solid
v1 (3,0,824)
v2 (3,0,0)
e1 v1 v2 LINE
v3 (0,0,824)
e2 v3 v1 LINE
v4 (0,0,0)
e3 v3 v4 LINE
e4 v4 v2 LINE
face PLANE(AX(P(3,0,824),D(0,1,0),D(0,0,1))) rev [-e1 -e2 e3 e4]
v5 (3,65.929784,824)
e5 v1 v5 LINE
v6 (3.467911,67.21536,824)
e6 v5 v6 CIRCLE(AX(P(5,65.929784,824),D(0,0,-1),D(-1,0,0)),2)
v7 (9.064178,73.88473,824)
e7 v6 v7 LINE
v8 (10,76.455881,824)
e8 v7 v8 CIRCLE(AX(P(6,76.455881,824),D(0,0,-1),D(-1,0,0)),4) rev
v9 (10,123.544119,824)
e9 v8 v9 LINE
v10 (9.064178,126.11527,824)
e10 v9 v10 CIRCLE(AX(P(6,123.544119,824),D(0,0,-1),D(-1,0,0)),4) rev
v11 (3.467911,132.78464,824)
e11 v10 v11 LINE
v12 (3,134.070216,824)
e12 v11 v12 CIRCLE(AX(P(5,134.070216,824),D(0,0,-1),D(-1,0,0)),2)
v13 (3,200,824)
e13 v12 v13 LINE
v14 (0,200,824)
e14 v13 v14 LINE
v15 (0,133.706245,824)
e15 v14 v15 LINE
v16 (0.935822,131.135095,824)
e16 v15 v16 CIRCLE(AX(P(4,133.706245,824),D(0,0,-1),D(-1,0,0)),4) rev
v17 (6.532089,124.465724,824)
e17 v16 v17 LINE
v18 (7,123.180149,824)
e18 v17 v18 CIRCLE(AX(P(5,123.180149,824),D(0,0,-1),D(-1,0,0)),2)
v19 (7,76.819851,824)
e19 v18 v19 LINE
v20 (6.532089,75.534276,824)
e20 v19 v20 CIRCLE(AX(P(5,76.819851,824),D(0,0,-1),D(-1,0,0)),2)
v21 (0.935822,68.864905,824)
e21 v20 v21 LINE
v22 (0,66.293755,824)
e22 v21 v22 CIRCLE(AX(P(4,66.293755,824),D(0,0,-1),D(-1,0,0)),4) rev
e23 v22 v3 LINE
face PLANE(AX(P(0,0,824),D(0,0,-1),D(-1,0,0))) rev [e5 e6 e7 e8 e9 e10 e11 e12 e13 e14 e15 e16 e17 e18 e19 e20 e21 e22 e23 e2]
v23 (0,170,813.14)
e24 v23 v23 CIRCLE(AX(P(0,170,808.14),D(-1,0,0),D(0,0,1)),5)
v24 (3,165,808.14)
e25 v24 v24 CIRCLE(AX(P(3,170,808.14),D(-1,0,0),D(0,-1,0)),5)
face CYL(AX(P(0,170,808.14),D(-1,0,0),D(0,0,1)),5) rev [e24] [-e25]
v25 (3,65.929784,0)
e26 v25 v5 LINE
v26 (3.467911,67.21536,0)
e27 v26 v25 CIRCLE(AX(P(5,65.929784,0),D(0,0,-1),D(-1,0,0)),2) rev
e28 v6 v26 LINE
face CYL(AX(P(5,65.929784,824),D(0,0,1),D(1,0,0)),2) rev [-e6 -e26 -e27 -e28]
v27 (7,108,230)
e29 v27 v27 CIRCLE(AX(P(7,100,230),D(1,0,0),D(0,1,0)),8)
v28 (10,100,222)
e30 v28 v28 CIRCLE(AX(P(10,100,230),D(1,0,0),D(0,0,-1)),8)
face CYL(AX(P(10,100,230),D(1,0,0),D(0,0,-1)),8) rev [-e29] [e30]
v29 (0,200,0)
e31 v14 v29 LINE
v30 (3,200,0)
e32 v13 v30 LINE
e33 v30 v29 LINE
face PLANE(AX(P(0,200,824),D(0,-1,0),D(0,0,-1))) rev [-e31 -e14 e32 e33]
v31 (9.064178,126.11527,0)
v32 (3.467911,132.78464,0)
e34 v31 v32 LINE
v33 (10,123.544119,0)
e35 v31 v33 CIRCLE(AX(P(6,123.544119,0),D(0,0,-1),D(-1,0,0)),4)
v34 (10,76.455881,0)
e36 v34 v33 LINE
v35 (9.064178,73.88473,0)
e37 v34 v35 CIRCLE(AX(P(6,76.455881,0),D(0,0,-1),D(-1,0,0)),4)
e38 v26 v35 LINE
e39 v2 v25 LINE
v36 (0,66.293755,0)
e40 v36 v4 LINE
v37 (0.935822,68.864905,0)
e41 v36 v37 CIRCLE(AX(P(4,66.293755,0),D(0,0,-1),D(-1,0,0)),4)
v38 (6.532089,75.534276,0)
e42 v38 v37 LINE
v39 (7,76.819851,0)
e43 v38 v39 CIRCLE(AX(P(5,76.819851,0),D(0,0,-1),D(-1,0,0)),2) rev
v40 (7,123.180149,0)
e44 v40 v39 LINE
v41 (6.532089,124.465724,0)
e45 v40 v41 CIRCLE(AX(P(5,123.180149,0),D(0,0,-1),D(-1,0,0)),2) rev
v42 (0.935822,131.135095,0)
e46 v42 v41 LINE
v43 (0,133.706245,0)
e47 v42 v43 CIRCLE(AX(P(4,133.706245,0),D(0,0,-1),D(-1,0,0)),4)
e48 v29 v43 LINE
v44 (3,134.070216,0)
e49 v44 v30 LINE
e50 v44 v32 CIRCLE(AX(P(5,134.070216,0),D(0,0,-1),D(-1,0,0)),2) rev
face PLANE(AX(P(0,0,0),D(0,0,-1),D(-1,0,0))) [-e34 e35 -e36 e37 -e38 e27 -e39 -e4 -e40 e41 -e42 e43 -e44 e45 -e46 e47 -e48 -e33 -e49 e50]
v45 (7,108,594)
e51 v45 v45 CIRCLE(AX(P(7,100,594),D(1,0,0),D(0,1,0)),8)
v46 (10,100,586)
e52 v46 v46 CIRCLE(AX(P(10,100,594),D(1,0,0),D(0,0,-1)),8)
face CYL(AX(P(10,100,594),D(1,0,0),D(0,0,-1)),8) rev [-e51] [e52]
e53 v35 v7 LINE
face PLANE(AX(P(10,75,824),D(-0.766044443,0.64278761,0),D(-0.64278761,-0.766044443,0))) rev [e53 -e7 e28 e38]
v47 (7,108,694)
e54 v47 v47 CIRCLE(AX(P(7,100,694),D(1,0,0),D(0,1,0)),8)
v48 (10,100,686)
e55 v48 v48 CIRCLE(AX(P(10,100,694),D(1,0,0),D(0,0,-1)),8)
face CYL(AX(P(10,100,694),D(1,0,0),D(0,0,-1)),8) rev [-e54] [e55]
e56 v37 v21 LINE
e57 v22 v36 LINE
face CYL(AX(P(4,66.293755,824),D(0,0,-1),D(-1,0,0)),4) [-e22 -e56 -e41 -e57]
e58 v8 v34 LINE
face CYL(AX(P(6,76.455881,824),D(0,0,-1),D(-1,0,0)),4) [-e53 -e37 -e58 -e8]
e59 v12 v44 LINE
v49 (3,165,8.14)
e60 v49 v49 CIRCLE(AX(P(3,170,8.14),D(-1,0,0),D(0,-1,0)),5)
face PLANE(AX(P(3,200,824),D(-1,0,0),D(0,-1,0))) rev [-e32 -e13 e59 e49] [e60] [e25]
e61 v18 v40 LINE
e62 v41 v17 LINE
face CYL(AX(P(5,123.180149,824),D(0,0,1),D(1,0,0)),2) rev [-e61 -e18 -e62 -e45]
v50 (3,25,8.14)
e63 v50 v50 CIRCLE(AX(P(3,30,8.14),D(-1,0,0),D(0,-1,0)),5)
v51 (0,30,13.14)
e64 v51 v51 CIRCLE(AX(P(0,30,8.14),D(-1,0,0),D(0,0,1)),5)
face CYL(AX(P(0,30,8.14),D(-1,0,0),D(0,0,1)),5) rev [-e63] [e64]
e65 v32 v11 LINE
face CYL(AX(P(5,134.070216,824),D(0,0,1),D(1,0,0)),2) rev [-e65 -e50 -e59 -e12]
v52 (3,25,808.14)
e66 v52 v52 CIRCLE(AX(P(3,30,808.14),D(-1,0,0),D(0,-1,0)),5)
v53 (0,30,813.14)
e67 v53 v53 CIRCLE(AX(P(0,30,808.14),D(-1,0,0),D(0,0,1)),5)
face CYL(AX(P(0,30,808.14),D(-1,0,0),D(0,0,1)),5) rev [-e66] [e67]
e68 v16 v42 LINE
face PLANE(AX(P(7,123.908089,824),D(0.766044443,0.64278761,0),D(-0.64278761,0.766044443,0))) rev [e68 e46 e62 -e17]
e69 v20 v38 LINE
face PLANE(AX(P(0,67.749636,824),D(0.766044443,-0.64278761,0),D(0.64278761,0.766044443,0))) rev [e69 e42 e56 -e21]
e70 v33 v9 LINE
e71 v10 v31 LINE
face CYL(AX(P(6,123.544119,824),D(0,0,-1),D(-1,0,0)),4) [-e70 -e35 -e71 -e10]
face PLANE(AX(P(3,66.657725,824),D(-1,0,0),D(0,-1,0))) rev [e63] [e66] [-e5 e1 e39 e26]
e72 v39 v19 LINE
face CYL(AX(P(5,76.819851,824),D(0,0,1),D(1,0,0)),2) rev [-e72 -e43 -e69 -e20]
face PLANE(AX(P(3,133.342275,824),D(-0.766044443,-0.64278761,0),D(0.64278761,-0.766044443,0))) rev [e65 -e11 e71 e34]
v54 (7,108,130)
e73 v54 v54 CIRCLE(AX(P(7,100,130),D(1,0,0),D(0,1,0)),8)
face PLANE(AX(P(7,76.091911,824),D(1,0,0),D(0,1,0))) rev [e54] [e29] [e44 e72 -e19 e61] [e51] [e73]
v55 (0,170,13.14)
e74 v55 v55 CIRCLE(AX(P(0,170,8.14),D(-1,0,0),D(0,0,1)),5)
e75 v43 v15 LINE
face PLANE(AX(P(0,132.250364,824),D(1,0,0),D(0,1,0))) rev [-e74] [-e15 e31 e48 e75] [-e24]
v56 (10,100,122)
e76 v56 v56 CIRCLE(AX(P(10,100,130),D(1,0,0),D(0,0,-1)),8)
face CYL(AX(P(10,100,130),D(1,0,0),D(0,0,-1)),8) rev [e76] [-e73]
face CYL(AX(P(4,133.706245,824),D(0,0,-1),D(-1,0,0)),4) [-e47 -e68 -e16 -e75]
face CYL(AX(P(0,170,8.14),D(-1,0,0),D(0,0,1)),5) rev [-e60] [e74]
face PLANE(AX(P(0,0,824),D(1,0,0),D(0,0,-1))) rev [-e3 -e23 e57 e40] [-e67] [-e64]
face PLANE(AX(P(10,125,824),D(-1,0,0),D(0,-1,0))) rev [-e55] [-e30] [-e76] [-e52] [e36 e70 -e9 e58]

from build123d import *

# Parameters (mm, degrees)
EXTRUDE_1_DEPTH             = 824
FILLET_1_R                  = 4
FILLET_2_R                  = 2
HOLE_WIZARD_16_0_16_1_D     = 16
HOLE_WIZARD_16_0_16_1_DEPTH = 24.5
HOLE_WIZARD_16_0_16_1_TIP   = 4.806884952
HOLE_WIZARD_10_0_10_1_D     = 10


with BuildPart() as part:
    # 草图1 → 凸台-拉伸1 (new body)
    with BuildSketch(Plane.XY):
        Polygon((0, 0), (0, 67.749635555), (7, 76.091910703), (7, 123.908089297), (0, 132.250364445), (0, 200), (3, 200), (3, 133.342275148), (10, 125), (10, 75), (3, 66.657724852), (3, 0), align=None)
    extrude(amount=EXTRUDE_1_DEPTH)

    # 圆角1
    fillet_1_edges = [part.edges().sort_by_distance(p)[0] for p in [
        (0, 67.749635555, 412),
        (0, 132.250364445, 412),
        (10, 125, 412),
        (10, 75, 412),
    ]]
    fillet(fillet_1_edges, radius=FILLET_1_R)

    # 圆角2
    fillet_2_edges = [part.edges().sort_by_distance(p)[0] for p in [
        (7, 76.091910703, 412),
        (7, 123.908089297, 412),
        (3, 133.342275148, 412),
        (3, 66.657724852, 412),
    ]]
    fillet(fillet_2_edges, radius=FILLET_2_R)

    # Ø16.0 (16) 直径孔1
    with Locations(Plane(origin=(10, 0, 0), x_dir=(0, 0, -1), z_dir=(1, 0, 0))):
        with Locations((-694, 100), (-130, 100), (-594, 100), (-230, 100)):
            Hole(HOLE_WIZARD_16_0_16_1_D / 2, depth=HOLE_WIZARD_16_0_16_1_DEPTH)
            with Locations((0, 0, -(HOLE_WIZARD_16_0_16_1_DEPTH + HOLE_WIZARD_16_0_16_1_TIP / 2))):  # 118° drill point
                Cone(0, HOLE_WIZARD_16_0_16_1_D / 2, HOLE_WIZARD_16_0_16_1_TIP, mode=Mode.SUBTRACT)

    # Ø10.0 (10) 直径孔1 (through all)
    with Locations(Plane.ZY):
        with Locations((8.14, 170), (8.14, 30), (808.14, 170), (808.14, 30)):
            Hole(HOLE_WIZARD_10_0_10_1_D / 2)


solid = part.part
